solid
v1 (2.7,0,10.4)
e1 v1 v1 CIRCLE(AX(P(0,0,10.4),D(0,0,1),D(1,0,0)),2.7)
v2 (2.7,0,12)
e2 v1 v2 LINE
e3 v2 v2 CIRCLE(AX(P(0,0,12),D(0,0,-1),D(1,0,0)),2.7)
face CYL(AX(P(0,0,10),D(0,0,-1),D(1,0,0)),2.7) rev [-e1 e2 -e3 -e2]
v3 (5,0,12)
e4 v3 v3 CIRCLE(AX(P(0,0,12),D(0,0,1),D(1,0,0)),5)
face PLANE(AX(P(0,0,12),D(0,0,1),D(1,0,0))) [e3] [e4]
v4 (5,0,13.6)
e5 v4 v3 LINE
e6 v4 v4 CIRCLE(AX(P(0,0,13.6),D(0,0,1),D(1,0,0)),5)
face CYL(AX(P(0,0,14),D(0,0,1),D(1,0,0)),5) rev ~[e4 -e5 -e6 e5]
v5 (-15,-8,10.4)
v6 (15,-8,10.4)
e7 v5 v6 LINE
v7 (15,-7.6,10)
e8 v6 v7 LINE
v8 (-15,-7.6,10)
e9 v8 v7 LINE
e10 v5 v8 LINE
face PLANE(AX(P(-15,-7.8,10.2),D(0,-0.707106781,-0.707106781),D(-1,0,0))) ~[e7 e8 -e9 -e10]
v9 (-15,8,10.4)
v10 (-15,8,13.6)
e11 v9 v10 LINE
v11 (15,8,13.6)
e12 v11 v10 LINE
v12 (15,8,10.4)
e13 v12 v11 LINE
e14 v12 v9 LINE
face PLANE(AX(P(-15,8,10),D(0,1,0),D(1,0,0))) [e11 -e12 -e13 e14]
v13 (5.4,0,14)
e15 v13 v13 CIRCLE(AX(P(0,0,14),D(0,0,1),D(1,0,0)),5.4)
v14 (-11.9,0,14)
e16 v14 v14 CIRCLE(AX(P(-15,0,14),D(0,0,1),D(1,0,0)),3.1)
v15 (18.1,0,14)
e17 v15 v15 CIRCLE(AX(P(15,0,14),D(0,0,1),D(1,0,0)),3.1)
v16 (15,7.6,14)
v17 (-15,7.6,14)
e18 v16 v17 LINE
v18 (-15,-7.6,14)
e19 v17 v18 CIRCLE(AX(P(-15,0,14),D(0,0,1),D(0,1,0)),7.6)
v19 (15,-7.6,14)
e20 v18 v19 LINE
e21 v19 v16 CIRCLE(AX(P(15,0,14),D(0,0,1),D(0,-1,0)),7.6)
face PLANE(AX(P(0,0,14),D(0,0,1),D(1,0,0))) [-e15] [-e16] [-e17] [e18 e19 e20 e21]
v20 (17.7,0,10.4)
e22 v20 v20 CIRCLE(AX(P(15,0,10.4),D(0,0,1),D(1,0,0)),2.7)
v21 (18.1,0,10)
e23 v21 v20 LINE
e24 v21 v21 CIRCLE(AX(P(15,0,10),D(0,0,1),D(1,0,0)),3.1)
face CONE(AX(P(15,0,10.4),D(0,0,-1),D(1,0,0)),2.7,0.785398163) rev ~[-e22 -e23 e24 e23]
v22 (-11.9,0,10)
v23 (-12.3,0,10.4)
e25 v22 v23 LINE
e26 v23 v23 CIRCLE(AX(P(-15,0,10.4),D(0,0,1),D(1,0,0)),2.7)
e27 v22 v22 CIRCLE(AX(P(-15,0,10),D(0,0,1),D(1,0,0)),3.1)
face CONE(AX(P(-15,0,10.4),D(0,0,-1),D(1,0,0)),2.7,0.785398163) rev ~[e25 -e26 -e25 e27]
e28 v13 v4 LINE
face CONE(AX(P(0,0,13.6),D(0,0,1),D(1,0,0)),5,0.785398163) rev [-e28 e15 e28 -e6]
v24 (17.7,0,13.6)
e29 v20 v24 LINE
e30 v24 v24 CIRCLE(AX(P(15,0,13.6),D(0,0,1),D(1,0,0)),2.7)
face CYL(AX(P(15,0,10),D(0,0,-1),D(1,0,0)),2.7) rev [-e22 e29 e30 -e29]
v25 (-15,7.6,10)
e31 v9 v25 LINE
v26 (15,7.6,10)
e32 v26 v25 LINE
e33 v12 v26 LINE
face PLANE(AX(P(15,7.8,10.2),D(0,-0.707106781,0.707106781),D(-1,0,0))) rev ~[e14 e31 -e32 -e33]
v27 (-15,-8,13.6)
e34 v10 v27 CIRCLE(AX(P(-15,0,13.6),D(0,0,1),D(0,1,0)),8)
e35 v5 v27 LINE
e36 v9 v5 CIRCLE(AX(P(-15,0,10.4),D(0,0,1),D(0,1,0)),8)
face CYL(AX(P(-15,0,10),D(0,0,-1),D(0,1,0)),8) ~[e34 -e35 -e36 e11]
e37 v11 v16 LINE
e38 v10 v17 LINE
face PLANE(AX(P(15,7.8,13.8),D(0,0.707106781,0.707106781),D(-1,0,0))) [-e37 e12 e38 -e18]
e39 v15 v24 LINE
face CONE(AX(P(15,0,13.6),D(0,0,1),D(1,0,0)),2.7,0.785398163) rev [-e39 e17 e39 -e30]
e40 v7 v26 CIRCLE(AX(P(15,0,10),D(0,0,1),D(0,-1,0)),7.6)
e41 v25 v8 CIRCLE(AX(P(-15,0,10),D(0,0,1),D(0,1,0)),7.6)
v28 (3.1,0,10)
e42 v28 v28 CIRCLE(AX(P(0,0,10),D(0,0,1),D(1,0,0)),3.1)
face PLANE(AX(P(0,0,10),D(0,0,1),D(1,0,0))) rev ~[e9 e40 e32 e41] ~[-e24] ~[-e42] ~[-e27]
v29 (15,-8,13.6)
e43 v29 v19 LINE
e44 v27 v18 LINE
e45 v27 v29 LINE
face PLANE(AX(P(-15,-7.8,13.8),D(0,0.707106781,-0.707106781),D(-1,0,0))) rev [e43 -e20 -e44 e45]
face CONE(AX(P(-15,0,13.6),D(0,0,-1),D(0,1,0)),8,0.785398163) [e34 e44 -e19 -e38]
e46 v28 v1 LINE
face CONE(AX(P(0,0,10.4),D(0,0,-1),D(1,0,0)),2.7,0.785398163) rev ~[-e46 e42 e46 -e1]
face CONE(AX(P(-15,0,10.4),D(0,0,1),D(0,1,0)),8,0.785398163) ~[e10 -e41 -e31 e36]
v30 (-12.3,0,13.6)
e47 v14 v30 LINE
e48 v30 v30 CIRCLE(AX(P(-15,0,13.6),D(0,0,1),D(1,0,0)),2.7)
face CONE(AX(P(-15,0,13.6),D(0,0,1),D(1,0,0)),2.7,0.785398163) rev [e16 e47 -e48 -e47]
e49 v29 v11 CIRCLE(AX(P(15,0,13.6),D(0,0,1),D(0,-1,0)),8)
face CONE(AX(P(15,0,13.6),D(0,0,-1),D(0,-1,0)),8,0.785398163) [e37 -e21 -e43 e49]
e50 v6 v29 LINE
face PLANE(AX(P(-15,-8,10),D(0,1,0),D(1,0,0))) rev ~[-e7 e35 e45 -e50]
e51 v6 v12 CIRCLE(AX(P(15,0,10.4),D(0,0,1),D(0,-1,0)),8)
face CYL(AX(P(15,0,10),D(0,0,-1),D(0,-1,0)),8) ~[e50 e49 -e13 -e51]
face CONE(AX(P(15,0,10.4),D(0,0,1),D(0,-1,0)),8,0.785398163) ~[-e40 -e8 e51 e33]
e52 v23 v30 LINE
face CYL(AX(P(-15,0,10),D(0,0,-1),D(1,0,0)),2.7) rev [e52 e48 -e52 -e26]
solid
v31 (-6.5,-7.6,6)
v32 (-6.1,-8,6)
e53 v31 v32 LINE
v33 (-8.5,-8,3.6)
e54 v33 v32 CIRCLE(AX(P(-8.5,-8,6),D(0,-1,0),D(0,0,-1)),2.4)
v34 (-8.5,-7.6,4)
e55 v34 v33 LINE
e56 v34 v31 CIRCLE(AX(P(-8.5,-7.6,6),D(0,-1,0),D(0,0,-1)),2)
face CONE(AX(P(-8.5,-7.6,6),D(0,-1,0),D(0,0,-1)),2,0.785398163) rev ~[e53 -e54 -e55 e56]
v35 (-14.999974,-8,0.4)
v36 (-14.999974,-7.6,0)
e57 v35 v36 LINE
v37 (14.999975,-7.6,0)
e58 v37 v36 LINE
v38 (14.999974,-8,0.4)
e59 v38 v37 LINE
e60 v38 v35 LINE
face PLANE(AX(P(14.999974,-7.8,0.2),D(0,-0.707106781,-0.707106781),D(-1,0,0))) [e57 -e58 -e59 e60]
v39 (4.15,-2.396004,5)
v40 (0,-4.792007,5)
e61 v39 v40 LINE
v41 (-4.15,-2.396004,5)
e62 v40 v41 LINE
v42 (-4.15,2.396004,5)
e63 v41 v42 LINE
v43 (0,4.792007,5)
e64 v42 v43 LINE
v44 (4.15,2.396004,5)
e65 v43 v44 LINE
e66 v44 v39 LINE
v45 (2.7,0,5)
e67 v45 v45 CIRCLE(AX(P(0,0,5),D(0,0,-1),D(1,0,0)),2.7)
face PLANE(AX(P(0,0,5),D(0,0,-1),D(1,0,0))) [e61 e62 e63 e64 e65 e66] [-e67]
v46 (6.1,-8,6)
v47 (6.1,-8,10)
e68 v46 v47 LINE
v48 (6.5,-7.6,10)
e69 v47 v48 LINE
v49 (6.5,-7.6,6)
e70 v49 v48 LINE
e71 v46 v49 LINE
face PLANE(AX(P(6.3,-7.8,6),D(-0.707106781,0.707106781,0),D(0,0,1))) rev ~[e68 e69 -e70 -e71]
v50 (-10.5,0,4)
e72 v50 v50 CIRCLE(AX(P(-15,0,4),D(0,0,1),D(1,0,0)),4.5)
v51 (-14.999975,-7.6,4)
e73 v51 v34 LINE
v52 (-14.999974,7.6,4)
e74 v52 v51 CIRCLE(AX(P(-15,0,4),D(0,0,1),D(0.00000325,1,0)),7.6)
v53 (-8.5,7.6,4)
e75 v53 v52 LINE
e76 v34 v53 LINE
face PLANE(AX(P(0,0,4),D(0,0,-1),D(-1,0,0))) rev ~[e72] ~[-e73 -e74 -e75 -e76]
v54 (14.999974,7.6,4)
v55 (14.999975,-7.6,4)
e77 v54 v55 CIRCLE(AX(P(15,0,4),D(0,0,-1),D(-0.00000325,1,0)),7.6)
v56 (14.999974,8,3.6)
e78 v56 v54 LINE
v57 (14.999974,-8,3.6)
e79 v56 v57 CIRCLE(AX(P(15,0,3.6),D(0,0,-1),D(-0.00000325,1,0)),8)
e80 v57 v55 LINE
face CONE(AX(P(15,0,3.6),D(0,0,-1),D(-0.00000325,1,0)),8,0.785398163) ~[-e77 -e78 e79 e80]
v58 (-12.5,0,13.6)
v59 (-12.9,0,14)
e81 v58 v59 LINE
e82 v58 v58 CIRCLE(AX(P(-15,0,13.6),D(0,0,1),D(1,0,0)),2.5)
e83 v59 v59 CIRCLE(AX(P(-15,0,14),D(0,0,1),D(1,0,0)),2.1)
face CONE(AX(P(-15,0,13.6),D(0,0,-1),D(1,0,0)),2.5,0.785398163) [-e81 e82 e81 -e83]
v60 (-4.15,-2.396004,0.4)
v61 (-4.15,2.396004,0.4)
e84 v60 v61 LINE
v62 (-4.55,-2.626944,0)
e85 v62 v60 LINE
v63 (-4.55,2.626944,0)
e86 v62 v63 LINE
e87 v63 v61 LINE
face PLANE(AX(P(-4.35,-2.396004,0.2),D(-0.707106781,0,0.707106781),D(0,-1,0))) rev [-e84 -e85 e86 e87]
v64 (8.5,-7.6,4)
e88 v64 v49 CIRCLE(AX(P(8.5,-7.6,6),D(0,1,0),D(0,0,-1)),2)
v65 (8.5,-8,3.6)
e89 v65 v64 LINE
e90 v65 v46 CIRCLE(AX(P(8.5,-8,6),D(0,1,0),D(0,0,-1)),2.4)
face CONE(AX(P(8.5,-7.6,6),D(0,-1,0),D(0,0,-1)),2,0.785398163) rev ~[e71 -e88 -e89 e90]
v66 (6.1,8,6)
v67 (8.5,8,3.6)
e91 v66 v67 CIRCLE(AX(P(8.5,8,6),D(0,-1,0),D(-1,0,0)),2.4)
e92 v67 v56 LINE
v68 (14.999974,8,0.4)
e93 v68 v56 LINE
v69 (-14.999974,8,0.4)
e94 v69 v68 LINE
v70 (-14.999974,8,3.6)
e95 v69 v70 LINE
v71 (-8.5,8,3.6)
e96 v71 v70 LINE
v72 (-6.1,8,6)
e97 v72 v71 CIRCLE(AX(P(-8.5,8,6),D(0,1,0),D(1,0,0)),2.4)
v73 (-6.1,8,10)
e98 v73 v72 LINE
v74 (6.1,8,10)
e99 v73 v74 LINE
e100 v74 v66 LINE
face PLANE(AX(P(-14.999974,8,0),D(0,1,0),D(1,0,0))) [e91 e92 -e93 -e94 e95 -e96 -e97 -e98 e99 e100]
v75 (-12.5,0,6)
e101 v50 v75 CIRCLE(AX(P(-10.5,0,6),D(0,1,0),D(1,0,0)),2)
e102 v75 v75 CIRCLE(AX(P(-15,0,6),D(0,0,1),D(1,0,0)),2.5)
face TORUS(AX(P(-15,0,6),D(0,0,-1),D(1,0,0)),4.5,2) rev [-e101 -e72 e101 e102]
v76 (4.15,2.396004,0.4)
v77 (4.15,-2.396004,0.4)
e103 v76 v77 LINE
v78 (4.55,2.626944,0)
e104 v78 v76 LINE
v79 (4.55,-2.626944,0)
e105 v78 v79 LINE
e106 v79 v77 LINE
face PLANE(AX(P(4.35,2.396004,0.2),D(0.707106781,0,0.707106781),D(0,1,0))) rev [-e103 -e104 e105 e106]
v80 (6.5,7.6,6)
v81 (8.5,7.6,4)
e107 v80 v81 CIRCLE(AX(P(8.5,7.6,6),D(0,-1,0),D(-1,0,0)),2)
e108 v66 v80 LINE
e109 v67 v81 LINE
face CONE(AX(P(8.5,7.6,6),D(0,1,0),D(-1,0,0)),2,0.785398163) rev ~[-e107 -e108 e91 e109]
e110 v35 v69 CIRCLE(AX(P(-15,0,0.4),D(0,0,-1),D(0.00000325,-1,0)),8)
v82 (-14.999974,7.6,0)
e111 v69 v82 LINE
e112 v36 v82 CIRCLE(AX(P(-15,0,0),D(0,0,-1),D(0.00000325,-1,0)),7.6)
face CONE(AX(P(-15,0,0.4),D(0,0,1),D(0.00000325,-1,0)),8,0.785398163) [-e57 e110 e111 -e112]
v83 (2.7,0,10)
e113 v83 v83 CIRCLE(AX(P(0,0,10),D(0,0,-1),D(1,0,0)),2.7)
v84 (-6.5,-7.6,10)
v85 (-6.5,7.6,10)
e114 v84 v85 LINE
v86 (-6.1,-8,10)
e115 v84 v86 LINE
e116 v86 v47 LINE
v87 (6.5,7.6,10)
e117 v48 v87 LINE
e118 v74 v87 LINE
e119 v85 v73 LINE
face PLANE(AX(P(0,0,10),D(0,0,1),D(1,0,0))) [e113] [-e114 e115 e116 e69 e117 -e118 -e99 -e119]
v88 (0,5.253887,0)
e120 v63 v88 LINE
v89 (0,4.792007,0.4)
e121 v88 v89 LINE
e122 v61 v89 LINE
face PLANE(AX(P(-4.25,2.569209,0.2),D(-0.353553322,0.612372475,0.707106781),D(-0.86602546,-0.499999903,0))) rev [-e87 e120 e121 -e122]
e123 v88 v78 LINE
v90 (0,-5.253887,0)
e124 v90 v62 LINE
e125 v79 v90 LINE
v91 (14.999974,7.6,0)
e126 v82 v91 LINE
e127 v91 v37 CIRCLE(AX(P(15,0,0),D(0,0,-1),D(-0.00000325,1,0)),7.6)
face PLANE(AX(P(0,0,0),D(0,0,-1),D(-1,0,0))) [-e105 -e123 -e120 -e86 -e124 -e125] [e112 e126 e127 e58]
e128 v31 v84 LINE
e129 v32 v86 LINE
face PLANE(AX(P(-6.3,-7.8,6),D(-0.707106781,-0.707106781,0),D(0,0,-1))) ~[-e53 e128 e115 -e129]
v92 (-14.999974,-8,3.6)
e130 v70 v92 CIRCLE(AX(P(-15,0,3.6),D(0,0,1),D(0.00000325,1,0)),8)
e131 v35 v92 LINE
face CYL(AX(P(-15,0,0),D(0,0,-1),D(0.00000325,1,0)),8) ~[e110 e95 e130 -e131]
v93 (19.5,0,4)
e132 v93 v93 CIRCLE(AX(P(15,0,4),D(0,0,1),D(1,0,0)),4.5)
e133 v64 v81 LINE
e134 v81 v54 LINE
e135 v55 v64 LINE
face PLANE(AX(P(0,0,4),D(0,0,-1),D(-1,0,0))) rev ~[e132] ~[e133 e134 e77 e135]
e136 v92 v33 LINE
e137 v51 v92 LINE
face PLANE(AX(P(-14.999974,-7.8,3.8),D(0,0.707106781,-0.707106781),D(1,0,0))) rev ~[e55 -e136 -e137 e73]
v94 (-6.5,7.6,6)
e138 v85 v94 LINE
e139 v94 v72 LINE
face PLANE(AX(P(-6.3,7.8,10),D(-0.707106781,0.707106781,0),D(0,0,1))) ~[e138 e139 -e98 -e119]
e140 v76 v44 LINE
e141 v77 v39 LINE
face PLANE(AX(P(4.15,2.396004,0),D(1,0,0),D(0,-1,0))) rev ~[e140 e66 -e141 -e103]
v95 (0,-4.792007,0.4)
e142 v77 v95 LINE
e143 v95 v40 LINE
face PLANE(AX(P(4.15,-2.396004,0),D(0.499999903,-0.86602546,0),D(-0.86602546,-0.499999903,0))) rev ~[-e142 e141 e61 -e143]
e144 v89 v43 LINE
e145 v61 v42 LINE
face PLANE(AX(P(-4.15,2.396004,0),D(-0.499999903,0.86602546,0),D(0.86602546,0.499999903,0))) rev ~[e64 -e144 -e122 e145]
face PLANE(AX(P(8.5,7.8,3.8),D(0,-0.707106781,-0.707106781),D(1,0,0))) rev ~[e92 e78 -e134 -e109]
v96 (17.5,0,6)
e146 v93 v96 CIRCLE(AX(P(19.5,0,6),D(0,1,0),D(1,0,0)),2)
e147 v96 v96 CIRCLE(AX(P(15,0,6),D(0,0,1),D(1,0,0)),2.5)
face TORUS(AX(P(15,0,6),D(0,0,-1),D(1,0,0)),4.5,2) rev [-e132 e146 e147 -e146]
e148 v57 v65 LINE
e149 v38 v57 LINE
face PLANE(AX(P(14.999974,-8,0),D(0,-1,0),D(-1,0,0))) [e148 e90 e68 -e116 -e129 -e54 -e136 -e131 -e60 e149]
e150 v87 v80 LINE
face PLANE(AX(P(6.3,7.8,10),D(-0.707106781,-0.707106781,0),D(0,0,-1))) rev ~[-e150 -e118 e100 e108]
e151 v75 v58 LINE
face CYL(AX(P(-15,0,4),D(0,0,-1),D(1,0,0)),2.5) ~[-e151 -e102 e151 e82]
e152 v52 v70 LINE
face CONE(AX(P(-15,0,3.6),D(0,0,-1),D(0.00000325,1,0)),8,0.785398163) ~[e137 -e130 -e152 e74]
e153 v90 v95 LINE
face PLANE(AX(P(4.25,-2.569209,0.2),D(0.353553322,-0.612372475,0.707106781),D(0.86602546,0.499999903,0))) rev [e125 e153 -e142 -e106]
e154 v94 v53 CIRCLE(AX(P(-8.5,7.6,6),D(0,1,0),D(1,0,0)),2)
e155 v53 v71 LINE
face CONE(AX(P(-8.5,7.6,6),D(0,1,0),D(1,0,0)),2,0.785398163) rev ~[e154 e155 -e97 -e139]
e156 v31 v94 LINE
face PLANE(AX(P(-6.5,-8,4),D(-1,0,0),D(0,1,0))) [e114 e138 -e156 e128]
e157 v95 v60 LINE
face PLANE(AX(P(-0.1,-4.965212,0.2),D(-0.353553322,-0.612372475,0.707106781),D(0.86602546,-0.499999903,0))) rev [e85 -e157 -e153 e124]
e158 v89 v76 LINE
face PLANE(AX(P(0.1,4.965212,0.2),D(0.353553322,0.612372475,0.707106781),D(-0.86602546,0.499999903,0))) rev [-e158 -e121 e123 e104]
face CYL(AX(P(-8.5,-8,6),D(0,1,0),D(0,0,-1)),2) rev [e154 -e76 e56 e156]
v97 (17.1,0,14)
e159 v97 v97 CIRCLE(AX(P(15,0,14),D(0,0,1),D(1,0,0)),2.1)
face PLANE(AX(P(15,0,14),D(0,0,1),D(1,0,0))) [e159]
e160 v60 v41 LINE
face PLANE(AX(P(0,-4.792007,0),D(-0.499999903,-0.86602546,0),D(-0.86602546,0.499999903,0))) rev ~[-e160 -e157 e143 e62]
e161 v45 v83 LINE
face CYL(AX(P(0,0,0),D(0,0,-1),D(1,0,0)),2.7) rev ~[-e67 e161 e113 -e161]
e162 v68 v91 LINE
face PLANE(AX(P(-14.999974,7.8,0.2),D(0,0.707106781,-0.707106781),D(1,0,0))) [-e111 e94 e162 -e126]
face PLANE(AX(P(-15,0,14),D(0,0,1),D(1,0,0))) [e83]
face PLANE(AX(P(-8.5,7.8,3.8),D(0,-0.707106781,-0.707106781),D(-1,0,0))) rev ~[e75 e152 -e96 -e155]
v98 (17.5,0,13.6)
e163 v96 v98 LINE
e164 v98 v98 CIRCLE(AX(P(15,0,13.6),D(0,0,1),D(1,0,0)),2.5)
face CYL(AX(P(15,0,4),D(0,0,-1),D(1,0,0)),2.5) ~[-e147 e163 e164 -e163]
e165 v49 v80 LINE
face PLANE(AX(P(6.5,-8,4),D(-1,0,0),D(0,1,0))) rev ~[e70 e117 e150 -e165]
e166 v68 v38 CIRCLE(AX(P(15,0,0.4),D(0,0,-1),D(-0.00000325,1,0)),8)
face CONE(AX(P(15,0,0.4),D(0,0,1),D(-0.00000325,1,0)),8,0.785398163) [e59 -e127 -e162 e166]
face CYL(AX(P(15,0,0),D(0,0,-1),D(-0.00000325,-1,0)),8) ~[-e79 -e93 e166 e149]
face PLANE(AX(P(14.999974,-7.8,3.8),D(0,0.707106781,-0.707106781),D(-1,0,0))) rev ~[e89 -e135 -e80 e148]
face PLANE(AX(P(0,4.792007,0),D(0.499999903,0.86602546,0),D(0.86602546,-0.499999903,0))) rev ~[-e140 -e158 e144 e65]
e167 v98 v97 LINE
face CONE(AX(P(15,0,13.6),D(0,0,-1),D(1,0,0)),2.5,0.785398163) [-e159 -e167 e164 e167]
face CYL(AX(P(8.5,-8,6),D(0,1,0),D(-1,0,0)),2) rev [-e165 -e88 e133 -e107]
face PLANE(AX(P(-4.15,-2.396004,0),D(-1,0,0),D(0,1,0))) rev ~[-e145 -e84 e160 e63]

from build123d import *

# Parameters (mm, degrees)
PAD_DEPTH       = 4
SKETCH001_W     = 13
SKETCH001_H     = 16
PAD001_DEPTH    = 6
SKETCH002_R     = 2.5
PAD002_DEPTH    = 10
SKETCH003_R     = 2.7
POCKET_DEPTH    = 14.001
POCKET001_DEPTH = 5
FILLET_R        = 2
CHAMFER_SIZE    = 0.4
SKETCH005_R     = 2.7
PAD003_DEPTH    = 4
SKETCH006_R     = 5
POCKET002_DEPTH = 2
CHAMFER001_SIZE = 0.4


with BuildPart() as bottom:
    # Sketch → Pad (new body)
    with BuildSketch(Plane.XY):
        with BuildLine():
            Line((-14.999974, 8), (14.999974, 8))
            ThreePointArc((14.999974, -8), (23, 0), (14.999974, 8))
            Line((14.999974, -8), (-14.999974, -8))
            ThreePointArc((-14.999974, 8), (-23, 0), (-14.999974, -8))
        make_face()
    extrude(amount=PAD_DEPTH)

    # Sketch001 → Pad001 (join)
    with BuildSketch(Plane.XY.offset(4)):
        Rectangle(SKETCH001_W, SKETCH001_H)
    extrude(amount=PAD001_DEPTH)

    # Sketch002 → Pad002 (join)
    with BuildSketch(Plane.XY.offset(4)):
        with Locations((-15, 0)):
            Circle(SKETCH002_R)
        with Locations((15, 0)):
            Circle(SKETCH002_R)
    extrude(amount=PAD002_DEPTH)

    # Sketch003 → Pocket (cut, through all)
    with BuildSketch(Plane(origin=(0, 0, 0), x_dir=(1, 0, 0), z_dir=(0, 0, -1))):
        Circle(SKETCH003_R)
    extrude(amount=-POCKET_DEPTH, mode=Mode.SUBTRACT)

    # Sketch004 → Pocket001 (cut)
    with BuildSketch(Plane(origin=(0, 0, 0), x_dir=(1, 0, 0), z_dir=(0, 0, -1))):
        Polygon((0, 4.792007), (-4.15, 2.396004), (-4.15, -2.396004), (0, -4.792007), (4.15, -2.396004), (4.15, 2.396004), align=None)
    extrude(amount=-POCKET001_DEPTH, mode=Mode.SUBTRACT)

    # Fillet
    fillet_edges = [bottom.edges().sort_by_distance(p)[0] for p in [
        (12.5, 0, 4),
        (6.5, 0, 4),
        (-6.5, 0, 4),
        (-17.5, 0, 4),
    ]]
    fillet(fillet_edges, radius=FILLET_R)

    # Chamfer
    chamfer_edges = [bottom.edges().sort_by_distance(p)[0] for p in [
        (-6.5, -8, 8),
        (-7.085786, -8, 4.585786),
        (-11.749987, -8, 4),
        (-23, 0, 4),
        (-11.749987, 8, 4),
        (-7.085786, 8, 4.585786),
        (-6.5, 8, 8),
        (7.085786, 8, 4.585786),
        (6.5, 8, 8),
        (11.749987, 8, 4),
        (23, 0, 4),
        (11.749987, -8, 4),
        (7.085786, -8, 4.585786),
        (6.5, -8, 8),
        (0, 8, 0),
        (-23, 0, 0),
        (0, -8, 0),
        (23, 0, 0),
        (12.5, 0, 14),
        (-17.5, 0, 14),
        (2.075, 3.594005, 0),
        (-2.075, -3.594005, 0),
        (-4.15, 0, 0),
        (-2.075, 3.594005, 0),
        (4.15, 0, 0),
        (2.075, -3.594005, 0),
    ]]
    chamfer(chamfer_edges, length=CHAMFER_SIZE)


with BuildPart() as top:
    # Sketch005 → Pad003 (new body)
    with BuildSketch(Plane.XY):
        with BuildLine():
            ThreePointArc((-15, 8), (-23, 0), (-15, -8))
            Line((-15, -8), (15, -8))
            ThreePointArc((15, -8), (23, 0), (15, 8))
            Line((-15, 8), (15, 8))
        make_face()
        with Locations((-15, 0)):
            Circle(SKETCH005_R, mode=Mode.SUBTRACT)
        with Locations((15, 0)):
            Circle(SKETCH005_R, mode=Mode.SUBTRACT)
        Circle(SKETCH005_R, mode=Mode.SUBTRACT)
    extrude(amount=PAD003_DEPTH)

    # Sketch006 → Pocket002 (cut)
    with BuildSketch(Plane.XY.offset(4)):
        Circle(SKETCH006_R)
    extrude(amount=-POCKET002_DEPTH, mode=Mode.SUBTRACT)

    # Chamfer001
    chamfer001_edges = [top.edges().sort_by_distance(p)[0] for p in [
        (-23, 0, 4),
        (0, 8, 4),
        (0, -8, 4),
        (23, 0, 4),
        (12.3, 0, 4),
        (-5, 0, 4),
        (-17.7, 0, 4),
        (-23, 0, 0),
        (0, -8, 0),
        (23, 0, 0),
        (0, 8, 0),
        (12.3, 0, 0),
        (-2.7, 0, 0),
        (-17.7, 0, 0),
    ]]
    chamfer(chamfer001_edges, length=CHAMFER001_SIZE)


with BuildPart() as top_1:
    # Body002 placement: moved
    add(top.part.moved(Location((0, 0, 10))))


solid = Compound([bottom.part, top_1.part])
